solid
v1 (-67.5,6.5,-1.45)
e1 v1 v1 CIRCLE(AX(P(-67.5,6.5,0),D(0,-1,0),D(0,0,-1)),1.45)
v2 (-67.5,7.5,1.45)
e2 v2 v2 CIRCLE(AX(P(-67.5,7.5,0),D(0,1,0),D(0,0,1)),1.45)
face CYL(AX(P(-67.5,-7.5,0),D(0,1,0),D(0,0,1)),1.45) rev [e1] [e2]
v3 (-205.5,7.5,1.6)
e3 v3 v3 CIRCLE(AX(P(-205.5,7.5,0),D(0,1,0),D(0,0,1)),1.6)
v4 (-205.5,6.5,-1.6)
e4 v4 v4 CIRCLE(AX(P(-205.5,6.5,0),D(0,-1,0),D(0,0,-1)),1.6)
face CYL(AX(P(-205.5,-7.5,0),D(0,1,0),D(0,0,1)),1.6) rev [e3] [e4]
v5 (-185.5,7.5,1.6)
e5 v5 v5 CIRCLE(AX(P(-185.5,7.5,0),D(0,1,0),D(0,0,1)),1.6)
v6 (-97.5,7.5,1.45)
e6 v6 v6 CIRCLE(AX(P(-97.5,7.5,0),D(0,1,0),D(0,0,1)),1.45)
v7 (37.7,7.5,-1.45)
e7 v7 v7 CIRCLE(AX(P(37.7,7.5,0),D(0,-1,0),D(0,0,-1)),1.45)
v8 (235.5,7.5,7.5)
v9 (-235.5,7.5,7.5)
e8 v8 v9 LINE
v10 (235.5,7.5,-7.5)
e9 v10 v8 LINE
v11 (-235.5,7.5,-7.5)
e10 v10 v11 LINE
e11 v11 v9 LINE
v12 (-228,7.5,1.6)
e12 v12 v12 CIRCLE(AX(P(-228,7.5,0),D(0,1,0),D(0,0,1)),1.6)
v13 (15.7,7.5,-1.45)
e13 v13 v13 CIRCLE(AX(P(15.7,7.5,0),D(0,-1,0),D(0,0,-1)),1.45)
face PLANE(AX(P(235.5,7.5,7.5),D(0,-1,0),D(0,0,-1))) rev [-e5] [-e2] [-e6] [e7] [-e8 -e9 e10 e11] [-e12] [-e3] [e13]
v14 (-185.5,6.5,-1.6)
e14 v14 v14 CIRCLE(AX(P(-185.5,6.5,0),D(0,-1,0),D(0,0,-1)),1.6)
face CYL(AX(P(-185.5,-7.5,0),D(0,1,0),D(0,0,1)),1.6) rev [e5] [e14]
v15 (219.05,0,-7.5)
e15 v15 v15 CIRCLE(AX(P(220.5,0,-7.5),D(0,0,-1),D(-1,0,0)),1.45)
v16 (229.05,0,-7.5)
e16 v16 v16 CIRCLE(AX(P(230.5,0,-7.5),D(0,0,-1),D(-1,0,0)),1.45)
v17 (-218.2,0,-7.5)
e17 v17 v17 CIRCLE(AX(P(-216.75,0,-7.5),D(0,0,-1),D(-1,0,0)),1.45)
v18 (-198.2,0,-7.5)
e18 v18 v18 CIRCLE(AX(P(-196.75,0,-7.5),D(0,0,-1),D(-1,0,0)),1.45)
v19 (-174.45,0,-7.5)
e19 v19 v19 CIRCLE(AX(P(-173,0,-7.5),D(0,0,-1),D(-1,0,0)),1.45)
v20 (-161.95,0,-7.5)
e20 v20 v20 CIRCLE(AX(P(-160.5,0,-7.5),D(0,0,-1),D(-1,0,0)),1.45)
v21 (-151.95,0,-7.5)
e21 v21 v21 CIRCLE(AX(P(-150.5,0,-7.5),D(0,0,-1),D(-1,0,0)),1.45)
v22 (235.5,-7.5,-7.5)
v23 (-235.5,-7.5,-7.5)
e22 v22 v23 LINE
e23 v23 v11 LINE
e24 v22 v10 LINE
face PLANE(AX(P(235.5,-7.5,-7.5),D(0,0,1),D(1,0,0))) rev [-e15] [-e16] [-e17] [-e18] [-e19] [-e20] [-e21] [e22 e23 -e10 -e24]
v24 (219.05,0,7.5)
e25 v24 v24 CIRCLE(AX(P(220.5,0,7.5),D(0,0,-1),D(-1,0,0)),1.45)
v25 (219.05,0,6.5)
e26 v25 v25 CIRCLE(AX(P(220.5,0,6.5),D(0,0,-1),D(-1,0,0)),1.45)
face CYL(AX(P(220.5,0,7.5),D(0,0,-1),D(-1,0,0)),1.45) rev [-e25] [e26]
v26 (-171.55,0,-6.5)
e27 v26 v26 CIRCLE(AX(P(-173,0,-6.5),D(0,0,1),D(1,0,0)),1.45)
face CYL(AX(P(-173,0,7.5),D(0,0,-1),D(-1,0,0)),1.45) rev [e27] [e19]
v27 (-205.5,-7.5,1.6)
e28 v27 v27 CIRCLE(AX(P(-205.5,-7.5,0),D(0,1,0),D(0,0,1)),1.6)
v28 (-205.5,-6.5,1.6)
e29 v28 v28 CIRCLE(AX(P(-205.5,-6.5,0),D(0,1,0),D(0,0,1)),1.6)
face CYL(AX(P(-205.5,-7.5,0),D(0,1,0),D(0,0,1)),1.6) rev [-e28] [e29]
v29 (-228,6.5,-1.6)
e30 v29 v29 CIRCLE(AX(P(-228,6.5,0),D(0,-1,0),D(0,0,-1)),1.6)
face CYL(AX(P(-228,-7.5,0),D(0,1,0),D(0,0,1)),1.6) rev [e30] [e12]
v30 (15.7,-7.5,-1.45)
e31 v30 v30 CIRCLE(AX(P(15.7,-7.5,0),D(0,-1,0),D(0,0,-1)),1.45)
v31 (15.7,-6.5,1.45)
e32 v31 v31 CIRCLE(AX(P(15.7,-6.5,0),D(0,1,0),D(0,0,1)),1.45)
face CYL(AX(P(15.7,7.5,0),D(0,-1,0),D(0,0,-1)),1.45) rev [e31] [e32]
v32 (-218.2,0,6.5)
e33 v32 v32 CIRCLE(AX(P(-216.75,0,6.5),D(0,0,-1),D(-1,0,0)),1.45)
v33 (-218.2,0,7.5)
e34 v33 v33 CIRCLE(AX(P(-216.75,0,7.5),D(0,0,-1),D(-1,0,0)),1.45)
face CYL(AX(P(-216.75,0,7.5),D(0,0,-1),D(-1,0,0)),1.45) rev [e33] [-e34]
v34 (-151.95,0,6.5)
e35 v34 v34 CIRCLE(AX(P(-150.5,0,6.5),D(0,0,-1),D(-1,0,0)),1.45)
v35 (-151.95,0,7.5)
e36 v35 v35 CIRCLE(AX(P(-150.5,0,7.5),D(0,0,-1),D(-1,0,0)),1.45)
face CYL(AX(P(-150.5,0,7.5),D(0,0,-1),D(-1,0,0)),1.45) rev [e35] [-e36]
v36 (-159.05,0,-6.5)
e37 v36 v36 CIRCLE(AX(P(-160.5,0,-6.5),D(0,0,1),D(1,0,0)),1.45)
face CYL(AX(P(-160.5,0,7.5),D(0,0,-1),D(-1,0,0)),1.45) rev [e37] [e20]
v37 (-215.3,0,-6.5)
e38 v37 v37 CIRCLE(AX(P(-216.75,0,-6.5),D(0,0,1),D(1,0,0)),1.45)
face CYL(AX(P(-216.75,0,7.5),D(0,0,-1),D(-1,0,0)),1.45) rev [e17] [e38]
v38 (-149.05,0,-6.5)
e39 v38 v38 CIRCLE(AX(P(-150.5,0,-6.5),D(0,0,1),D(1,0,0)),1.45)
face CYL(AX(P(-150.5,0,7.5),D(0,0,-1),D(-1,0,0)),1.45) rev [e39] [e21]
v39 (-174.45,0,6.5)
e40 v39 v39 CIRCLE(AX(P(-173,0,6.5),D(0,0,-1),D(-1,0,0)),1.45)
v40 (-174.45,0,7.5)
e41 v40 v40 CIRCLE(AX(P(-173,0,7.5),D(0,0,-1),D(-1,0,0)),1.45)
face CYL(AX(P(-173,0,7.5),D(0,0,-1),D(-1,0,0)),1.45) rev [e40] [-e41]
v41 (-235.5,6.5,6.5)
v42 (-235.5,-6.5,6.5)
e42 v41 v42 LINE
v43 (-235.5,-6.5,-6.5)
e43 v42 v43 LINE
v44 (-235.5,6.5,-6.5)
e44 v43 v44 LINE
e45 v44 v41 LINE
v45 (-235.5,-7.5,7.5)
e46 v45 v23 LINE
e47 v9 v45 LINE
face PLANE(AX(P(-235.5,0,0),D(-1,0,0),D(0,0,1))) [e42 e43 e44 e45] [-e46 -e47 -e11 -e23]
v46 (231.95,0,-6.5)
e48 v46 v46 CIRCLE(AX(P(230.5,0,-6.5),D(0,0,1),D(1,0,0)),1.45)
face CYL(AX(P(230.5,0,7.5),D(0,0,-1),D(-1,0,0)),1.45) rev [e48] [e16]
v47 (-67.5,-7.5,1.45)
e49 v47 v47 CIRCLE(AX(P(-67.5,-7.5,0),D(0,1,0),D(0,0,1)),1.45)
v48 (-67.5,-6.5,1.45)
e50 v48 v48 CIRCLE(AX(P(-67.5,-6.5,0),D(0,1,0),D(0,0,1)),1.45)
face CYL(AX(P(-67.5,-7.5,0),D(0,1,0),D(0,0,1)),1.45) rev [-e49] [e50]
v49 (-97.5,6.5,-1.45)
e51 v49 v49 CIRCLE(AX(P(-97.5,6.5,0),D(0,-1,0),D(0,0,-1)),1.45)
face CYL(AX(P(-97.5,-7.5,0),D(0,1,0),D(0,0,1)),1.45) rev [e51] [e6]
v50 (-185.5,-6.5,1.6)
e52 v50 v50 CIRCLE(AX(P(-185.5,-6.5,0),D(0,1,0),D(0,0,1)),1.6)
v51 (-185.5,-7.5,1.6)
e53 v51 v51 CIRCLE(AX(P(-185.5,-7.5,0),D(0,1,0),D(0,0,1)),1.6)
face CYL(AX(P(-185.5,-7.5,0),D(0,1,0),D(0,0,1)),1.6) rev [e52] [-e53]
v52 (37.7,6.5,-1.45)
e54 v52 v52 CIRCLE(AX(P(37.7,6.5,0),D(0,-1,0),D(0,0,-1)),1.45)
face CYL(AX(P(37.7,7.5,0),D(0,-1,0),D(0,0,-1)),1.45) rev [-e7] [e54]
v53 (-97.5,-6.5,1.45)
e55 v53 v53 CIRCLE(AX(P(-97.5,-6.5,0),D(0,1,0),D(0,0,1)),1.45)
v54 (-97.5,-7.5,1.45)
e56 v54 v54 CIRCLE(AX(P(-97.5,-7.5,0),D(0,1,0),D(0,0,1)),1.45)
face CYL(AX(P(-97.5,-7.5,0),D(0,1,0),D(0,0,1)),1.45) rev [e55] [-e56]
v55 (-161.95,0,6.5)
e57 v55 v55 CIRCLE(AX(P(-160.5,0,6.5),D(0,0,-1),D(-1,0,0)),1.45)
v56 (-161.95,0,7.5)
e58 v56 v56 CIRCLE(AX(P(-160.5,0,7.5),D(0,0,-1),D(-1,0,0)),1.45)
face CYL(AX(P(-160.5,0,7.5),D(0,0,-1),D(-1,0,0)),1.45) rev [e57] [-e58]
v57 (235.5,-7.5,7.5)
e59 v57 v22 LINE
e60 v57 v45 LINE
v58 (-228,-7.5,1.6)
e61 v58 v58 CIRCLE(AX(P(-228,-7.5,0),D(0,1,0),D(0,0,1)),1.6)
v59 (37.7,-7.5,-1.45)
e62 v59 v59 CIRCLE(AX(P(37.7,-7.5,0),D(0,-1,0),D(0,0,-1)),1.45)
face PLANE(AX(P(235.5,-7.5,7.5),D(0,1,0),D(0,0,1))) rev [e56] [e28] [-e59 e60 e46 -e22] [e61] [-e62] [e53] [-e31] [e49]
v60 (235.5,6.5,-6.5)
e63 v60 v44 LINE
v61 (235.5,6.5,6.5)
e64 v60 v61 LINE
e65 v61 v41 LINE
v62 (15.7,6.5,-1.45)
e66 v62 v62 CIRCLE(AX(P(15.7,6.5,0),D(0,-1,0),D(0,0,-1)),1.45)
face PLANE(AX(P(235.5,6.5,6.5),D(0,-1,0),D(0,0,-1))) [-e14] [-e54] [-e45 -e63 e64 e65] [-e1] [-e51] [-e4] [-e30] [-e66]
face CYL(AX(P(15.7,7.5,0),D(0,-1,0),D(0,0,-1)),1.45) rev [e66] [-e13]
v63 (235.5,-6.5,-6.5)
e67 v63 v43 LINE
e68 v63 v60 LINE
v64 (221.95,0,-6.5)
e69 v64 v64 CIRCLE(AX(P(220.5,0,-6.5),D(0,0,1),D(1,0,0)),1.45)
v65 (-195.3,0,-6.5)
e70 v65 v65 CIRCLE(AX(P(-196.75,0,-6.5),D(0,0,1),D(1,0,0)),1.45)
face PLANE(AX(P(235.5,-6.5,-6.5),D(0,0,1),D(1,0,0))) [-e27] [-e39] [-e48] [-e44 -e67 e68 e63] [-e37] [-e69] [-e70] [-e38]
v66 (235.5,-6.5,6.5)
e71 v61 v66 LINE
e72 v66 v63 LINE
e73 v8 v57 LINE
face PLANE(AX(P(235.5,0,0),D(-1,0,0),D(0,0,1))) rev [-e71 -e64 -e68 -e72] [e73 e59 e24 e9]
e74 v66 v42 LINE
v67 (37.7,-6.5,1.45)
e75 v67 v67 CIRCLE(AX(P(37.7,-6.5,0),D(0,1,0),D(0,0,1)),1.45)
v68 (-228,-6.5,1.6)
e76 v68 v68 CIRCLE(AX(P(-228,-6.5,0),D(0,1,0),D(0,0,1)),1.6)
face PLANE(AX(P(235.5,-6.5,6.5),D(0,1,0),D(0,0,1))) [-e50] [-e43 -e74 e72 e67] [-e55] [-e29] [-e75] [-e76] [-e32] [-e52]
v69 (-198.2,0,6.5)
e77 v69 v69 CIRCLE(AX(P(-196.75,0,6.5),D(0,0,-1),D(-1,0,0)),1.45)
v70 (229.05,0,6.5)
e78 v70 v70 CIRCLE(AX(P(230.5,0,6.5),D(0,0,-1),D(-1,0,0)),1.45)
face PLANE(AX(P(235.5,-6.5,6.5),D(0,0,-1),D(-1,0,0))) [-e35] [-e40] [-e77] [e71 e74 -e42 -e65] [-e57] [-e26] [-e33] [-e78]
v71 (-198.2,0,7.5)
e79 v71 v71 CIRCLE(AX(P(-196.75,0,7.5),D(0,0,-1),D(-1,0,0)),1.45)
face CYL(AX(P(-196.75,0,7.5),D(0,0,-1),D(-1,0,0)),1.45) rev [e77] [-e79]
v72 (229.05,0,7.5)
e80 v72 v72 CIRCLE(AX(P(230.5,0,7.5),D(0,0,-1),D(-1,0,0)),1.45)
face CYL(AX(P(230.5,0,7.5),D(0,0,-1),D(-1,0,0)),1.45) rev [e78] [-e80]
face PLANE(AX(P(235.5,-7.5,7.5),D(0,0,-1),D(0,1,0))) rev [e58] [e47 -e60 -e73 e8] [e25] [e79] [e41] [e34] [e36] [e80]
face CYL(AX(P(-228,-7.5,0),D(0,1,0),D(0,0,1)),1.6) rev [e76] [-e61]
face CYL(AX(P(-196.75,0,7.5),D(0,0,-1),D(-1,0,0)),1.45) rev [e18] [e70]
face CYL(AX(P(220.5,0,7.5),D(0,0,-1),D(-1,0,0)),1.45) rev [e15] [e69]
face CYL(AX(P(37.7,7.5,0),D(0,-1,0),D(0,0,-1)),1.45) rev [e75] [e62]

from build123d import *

# Parameters (mm, degrees)
SKETCH_11_W         = 15
SKETCH_11_H         = 15
SKETCH_11_W_2       = 13
SKETCH_11_H_2       = 13
F_15X15X1_1_DEPTH   = 471
SKETCH_12_R         = 1.6
CUT_EXTRUDE_1_DEPTH = 237.096378625
SKETCH_13_R         = 1.45
CUT_EXTRUDE_2_DEPTH = 237.096378625
SKETCH_14_R         = 1.45
CUT_EXTRUDE_3_DEPTH = 237.096378625
SKETCH_15_R         = 1.45
CUT_EXTRUDE_4_DEPTH = 237.096378625
SKETCH_16_R         = 1.45
CUT_EXTRUDE_5_DEPTH = 237.096378625
SKETCH_18_R         = 1.45
CUT_EXTRUDE_7_DEPTH = 237.096378625


with BuildPart() as part:
    # 草图11 → 铝管 15X15X1(1) (new body)
    with BuildSketch(Plane(origin=(-235.5, 0, 0), x_dir=(0, 0, -1), z_dir=(1, 0, 0))):
        Rectangle(SKETCH_11_W, SKETCH_11_H)
        Rectangle(SKETCH_11_W_2, SKETCH_11_H_2, mode=Mode.SUBTRACT)
    extrude(amount=F_15X15X1_1_DEPTH)

    # 草图12 → 切除-拉伸1 (cut, through all)
    with BuildSketch(Plane(origin=(0, 7.5, 0), x_dir=(1, 0, 0), z_dir=(0, 1, 0))):
        with Locations(Location((-205.5, 0, 0), (0, 0, 270))):
            Circle(SKETCH_12_R)
        with Locations(Location((-185.5, 0, 0), (0, 0, 270))):
            Circle(SKETCH_12_R)
        with Locations(Location((-228, 0, 0), (0, 0, 270))):
            Circle(SKETCH_12_R)
    extrude(amount=-CUT_EXTRUDE_1_DEPTH, mode=Mode.SUBTRACT)

    # 草图13 → 切除-拉伸2 (cut, through all)
    with BuildSketch(Plane(origin=(0, 7.5, 0), x_dir=(1, 0, 0), z_dir=(0, 1, 0))):
        with Locations(Location((-97.5, 0, 0), (0, 0, 270))):
            Circle(SKETCH_13_R)
        with Locations(Location((-67.5, 0, 0), (0, 0, 270))):
            Circle(SKETCH_13_R)
    extrude(amount=-CUT_EXTRUDE_2_DEPTH, mode=Mode.SUBTRACT)

    # 草图14 → 切除-拉伸3 (cut, through all)
    with BuildSketch(Plane(origin=(0, 0, -7.5), x_dir=(-1, 0, 0), z_dir=(0, 0, -1))):
        with Locations((216.75, 0)):
            Circle(SKETCH_14_R)
        with Locations((196.75, 0)):
            Circle(SKETCH_14_R)
    extrude(amount=-CUT_EXTRUDE_3_DEPTH, mode=Mode.SUBTRACT)

    # 草图15 → 切除-拉伸4 (cut, through all)
    with BuildSketch(Plane(origin=(0, 0, -7.5), x_dir=(-1, 0, 0), z_dir=(0, 0, -1))):
        with Locations((173, 0)):
            Circle(SKETCH_15_R)
        with Locations((160.5, 0)):
            Circle(SKETCH_15_R)
        with Locations((150.5, 0)):
            Circle(SKETCH_15_R)
    extrude(amount=-CUT_EXTRUDE_4_DEPTH, mode=Mode.SUBTRACT)

    # 草图16 → 切除-拉伸5 (cut, through all)
    with BuildSketch(Plane(origin=(0, 0, -7.5), x_dir=(-1, 0, 0), z_dir=(0, 0, -1))):
        with Locations((-230.5, 0)):
            Circle(SKETCH_16_R)
        with Locations((-220.5, 0)):
            Circle(SKETCH_16_R)
    extrude(amount=-CUT_EXTRUDE_5_DEPTH, mode=Mode.SUBTRACT)

    # 草图18 → 切除-拉伸7 (cut, through all)
    with BuildSketch(Plane.XZ.offset(7.5)):
        with Locations(Location((15.7, 0, 0), (0, 0, 270))):
            Circle(SKETCH_18_R)
        with Locations(Location((37.7, 0, 0), (0, 0, 270))):
            Circle(SKETCH_18_R)
    extrude(amount=-CUT_EXTRUDE_7_DEPTH, mode=Mode.SUBTRACT)


solid = part.part
